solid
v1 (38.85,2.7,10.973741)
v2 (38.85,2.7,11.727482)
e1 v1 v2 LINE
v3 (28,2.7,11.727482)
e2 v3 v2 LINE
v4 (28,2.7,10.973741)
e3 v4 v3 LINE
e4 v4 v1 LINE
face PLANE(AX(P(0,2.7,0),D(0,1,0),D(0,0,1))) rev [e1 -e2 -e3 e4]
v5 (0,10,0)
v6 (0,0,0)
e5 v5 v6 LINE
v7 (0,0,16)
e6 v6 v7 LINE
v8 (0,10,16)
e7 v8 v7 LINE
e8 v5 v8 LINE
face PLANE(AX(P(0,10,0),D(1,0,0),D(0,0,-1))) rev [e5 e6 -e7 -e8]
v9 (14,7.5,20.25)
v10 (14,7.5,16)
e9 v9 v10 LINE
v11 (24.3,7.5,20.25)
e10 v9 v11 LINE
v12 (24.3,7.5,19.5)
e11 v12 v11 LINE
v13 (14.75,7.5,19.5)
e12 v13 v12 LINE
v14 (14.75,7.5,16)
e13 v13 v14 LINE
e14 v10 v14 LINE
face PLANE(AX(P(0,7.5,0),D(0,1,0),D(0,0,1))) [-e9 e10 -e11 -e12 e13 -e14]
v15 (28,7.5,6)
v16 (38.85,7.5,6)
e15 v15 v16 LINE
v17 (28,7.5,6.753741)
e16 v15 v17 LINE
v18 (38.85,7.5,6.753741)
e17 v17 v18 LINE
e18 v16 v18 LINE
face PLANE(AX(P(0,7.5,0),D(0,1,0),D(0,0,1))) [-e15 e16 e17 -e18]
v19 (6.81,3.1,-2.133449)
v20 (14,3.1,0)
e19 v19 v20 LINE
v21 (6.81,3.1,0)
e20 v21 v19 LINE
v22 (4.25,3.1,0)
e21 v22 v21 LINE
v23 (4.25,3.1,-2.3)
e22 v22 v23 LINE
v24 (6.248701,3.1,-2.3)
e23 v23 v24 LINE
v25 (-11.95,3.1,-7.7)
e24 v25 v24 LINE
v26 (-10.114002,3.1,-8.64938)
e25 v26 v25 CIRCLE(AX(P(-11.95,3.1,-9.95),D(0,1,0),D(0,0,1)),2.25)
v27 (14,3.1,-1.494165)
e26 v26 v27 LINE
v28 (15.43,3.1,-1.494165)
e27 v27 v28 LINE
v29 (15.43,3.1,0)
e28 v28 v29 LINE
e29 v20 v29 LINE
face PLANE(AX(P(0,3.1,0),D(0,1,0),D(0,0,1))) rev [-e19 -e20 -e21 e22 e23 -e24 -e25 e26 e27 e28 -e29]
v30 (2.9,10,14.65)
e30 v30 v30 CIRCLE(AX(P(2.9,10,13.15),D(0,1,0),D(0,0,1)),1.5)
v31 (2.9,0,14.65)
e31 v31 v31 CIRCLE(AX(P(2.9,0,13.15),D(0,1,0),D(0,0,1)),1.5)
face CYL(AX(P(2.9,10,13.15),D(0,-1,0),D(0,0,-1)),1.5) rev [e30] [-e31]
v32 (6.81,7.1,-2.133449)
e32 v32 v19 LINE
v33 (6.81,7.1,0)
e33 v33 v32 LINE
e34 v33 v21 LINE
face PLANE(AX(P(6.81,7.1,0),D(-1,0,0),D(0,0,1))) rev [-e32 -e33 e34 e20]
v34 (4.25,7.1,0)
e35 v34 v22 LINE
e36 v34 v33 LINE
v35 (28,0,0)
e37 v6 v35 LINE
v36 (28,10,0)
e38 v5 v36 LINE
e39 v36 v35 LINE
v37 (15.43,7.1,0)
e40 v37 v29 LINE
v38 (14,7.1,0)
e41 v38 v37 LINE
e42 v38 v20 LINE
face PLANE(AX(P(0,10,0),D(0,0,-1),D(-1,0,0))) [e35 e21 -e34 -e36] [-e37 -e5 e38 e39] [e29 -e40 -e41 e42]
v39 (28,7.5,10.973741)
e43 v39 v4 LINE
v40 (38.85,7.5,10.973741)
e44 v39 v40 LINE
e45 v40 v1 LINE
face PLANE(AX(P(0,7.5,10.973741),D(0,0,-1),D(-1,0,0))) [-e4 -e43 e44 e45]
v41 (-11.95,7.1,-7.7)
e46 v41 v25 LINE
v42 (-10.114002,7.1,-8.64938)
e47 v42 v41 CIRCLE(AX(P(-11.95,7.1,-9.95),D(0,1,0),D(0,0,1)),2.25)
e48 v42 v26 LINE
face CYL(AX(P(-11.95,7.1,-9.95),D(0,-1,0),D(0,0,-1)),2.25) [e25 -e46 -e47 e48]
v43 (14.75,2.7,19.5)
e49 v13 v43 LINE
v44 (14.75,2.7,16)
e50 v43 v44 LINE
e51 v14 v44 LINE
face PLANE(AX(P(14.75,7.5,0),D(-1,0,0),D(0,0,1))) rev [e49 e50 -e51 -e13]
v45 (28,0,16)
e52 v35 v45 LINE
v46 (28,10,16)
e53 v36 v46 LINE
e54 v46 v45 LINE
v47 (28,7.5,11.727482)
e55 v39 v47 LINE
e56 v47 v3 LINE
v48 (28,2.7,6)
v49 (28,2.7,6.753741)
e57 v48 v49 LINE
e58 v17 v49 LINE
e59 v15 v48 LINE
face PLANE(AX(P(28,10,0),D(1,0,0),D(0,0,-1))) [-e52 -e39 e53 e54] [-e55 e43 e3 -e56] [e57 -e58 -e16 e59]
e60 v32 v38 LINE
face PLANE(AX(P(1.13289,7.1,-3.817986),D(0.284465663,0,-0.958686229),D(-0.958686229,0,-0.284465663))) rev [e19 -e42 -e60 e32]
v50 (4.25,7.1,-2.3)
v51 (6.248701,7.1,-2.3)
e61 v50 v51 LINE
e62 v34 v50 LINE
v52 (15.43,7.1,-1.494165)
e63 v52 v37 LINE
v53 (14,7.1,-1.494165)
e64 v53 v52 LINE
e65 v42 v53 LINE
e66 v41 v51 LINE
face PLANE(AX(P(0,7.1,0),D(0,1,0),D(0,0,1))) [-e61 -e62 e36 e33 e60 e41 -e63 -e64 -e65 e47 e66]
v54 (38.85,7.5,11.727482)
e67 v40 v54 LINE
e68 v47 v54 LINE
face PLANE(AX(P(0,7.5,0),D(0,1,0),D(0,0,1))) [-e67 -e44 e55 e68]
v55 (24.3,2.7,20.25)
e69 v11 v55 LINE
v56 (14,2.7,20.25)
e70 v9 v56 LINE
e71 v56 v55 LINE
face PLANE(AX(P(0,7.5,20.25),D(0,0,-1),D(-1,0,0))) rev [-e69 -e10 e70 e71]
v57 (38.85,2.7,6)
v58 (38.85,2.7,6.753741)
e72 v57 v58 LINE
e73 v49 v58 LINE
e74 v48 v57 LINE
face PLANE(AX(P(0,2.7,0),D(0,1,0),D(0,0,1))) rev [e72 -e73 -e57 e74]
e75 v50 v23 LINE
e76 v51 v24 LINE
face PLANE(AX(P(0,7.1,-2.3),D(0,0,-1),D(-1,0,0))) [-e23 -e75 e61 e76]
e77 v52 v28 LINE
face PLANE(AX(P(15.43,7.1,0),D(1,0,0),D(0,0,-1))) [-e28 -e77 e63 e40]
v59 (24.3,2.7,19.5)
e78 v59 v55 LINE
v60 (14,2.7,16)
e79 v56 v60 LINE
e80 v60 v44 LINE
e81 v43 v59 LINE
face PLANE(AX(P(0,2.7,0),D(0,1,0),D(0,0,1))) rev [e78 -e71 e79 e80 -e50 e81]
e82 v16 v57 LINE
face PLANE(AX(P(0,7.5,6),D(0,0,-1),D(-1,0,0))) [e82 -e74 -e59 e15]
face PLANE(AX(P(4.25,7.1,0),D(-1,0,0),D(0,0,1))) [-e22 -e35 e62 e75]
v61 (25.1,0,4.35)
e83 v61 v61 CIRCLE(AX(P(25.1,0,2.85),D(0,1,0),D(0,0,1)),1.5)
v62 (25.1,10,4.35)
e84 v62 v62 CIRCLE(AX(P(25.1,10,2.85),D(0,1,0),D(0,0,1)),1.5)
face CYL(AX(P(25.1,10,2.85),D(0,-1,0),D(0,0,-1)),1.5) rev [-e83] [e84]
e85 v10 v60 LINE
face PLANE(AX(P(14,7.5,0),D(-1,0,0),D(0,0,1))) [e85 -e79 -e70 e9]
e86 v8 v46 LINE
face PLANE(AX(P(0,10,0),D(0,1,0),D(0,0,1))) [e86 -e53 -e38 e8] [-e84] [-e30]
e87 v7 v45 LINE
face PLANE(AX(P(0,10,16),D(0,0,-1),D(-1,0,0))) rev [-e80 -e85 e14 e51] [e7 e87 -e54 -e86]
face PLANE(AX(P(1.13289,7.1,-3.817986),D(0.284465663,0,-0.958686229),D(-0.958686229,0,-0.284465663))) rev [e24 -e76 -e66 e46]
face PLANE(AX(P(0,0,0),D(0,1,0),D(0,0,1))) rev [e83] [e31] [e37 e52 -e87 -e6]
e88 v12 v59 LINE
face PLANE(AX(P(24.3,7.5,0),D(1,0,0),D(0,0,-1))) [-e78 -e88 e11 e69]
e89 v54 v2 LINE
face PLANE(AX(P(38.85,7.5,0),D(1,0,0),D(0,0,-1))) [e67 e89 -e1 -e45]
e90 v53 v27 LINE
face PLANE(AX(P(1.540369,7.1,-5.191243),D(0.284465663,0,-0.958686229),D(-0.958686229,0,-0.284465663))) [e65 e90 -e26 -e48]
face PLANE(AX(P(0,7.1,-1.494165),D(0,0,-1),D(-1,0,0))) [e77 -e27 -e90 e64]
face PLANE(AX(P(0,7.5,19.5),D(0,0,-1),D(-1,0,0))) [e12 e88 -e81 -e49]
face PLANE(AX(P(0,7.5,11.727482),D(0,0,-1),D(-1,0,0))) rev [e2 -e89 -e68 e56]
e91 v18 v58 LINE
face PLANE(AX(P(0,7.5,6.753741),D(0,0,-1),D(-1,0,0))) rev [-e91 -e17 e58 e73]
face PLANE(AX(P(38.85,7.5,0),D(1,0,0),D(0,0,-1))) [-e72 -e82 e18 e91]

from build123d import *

# Parameters (mm, degrees)
SKETCH1_R           = 1.5
BOSS_EXTRUDE1_DEPTH = 10
BOSS_EXTRUDE2_START = 3.1
BOSS_EXTRUDE2_DEPTH = 4
BOSS_EXTRUDE3_START = 2.7
SKETCH1_4_W         = 10.85
SKETCH1_4_H         = 0.753741083
BOSS_EXTRUDE3_DEPTH = 4.8


with BuildPart() as part:
    # Sketch1 → Boss-Extrude1 (new body)
    with BuildSketch(Plane(origin=(0, 0, 0), x_dir=(1, 0, 0), z_dir=(0, 1, 0))):
        Polygon((15.43, 0), (14, 0), (6.81, 0), (4.25, 0), (0, 0), (0, -16), (14, -16), (14.75, -16), (28, -16), (28, -11.727482166), (28, -10.973741083), (28, -6.753741083), (28, -6), (28, 0), align=None)
        with Locations((2.9, -13.15)):
            Circle(SKETCH1_R, mode=Mode.SUBTRACT)
        with Locations((25.1, -2.85)):
            Circle(SKETCH1_R, mode=Mode.SUBTRACT)
    extrude(amount=BOSS_EXTRUDE1_DEPTH)

    # Sketch1<3> → Boss-Extrude2 (add)
    with BuildSketch(Plane(origin=(0, 0, 0), x_dir=(1, 0, 0), z_dir=(0, 1, 0)).offset(BOSS_EXTRUDE2_START)):
        with BuildLine():
            Line((6.81, 2.13344894), (14, 0))
            Line((14, 0), (15.43, 0))
            Line((15.43, 0), (15.43, 1.494165498))
            Line((15.43, 1.494165498), (14, 1.494165498))
            Line((14, 1.494165498), (-10.114002255, 8.64938004))
            ThreePointArc((-10.114002255, 8.64938004), (-12.983466277, 11.948611382), (-11.95, 7.7))
            Line((-11.95, 7.7), (6.248701299, 2.3))
            Line((6.248701299, 2.3), (4.25, 2.3))
            Line((4.25, 2.3), (4.25, 0))
            Line((4.25, 0), (6.81, 0))
            Line((6.81, 0), (6.81, 2.13344894))
        make_face()
    extrude(amount=BOSS_EXTRUDE2_DEPTH)

    # Sketch1<4> → Boss-Extrude3 (add)
    with BuildSketch(Plane(origin=(0, 0, 0), x_dir=(1, 0, 0), z_dir=(0, 1, 0)).offset(BOSS_EXTRUDE3_START)):
        with Locations((33.425, -6.376870542)):
            Rectangle(SKETCH1_4_W, SKETCH1_4_H)
        with Locations((33.425, -11.350611625)):
            Rectangle(SKETCH1_4_W, SKETCH1_4_H)
        Polygon((14.75, -16), (14, -16), (14, -20.25), (24.3, -20.25), (24.3, -19.5), (14.75, -19.5), align=None)
    extrude(amount=BOSS_EXTRUDE3_DEPTH)


solid = part.part
